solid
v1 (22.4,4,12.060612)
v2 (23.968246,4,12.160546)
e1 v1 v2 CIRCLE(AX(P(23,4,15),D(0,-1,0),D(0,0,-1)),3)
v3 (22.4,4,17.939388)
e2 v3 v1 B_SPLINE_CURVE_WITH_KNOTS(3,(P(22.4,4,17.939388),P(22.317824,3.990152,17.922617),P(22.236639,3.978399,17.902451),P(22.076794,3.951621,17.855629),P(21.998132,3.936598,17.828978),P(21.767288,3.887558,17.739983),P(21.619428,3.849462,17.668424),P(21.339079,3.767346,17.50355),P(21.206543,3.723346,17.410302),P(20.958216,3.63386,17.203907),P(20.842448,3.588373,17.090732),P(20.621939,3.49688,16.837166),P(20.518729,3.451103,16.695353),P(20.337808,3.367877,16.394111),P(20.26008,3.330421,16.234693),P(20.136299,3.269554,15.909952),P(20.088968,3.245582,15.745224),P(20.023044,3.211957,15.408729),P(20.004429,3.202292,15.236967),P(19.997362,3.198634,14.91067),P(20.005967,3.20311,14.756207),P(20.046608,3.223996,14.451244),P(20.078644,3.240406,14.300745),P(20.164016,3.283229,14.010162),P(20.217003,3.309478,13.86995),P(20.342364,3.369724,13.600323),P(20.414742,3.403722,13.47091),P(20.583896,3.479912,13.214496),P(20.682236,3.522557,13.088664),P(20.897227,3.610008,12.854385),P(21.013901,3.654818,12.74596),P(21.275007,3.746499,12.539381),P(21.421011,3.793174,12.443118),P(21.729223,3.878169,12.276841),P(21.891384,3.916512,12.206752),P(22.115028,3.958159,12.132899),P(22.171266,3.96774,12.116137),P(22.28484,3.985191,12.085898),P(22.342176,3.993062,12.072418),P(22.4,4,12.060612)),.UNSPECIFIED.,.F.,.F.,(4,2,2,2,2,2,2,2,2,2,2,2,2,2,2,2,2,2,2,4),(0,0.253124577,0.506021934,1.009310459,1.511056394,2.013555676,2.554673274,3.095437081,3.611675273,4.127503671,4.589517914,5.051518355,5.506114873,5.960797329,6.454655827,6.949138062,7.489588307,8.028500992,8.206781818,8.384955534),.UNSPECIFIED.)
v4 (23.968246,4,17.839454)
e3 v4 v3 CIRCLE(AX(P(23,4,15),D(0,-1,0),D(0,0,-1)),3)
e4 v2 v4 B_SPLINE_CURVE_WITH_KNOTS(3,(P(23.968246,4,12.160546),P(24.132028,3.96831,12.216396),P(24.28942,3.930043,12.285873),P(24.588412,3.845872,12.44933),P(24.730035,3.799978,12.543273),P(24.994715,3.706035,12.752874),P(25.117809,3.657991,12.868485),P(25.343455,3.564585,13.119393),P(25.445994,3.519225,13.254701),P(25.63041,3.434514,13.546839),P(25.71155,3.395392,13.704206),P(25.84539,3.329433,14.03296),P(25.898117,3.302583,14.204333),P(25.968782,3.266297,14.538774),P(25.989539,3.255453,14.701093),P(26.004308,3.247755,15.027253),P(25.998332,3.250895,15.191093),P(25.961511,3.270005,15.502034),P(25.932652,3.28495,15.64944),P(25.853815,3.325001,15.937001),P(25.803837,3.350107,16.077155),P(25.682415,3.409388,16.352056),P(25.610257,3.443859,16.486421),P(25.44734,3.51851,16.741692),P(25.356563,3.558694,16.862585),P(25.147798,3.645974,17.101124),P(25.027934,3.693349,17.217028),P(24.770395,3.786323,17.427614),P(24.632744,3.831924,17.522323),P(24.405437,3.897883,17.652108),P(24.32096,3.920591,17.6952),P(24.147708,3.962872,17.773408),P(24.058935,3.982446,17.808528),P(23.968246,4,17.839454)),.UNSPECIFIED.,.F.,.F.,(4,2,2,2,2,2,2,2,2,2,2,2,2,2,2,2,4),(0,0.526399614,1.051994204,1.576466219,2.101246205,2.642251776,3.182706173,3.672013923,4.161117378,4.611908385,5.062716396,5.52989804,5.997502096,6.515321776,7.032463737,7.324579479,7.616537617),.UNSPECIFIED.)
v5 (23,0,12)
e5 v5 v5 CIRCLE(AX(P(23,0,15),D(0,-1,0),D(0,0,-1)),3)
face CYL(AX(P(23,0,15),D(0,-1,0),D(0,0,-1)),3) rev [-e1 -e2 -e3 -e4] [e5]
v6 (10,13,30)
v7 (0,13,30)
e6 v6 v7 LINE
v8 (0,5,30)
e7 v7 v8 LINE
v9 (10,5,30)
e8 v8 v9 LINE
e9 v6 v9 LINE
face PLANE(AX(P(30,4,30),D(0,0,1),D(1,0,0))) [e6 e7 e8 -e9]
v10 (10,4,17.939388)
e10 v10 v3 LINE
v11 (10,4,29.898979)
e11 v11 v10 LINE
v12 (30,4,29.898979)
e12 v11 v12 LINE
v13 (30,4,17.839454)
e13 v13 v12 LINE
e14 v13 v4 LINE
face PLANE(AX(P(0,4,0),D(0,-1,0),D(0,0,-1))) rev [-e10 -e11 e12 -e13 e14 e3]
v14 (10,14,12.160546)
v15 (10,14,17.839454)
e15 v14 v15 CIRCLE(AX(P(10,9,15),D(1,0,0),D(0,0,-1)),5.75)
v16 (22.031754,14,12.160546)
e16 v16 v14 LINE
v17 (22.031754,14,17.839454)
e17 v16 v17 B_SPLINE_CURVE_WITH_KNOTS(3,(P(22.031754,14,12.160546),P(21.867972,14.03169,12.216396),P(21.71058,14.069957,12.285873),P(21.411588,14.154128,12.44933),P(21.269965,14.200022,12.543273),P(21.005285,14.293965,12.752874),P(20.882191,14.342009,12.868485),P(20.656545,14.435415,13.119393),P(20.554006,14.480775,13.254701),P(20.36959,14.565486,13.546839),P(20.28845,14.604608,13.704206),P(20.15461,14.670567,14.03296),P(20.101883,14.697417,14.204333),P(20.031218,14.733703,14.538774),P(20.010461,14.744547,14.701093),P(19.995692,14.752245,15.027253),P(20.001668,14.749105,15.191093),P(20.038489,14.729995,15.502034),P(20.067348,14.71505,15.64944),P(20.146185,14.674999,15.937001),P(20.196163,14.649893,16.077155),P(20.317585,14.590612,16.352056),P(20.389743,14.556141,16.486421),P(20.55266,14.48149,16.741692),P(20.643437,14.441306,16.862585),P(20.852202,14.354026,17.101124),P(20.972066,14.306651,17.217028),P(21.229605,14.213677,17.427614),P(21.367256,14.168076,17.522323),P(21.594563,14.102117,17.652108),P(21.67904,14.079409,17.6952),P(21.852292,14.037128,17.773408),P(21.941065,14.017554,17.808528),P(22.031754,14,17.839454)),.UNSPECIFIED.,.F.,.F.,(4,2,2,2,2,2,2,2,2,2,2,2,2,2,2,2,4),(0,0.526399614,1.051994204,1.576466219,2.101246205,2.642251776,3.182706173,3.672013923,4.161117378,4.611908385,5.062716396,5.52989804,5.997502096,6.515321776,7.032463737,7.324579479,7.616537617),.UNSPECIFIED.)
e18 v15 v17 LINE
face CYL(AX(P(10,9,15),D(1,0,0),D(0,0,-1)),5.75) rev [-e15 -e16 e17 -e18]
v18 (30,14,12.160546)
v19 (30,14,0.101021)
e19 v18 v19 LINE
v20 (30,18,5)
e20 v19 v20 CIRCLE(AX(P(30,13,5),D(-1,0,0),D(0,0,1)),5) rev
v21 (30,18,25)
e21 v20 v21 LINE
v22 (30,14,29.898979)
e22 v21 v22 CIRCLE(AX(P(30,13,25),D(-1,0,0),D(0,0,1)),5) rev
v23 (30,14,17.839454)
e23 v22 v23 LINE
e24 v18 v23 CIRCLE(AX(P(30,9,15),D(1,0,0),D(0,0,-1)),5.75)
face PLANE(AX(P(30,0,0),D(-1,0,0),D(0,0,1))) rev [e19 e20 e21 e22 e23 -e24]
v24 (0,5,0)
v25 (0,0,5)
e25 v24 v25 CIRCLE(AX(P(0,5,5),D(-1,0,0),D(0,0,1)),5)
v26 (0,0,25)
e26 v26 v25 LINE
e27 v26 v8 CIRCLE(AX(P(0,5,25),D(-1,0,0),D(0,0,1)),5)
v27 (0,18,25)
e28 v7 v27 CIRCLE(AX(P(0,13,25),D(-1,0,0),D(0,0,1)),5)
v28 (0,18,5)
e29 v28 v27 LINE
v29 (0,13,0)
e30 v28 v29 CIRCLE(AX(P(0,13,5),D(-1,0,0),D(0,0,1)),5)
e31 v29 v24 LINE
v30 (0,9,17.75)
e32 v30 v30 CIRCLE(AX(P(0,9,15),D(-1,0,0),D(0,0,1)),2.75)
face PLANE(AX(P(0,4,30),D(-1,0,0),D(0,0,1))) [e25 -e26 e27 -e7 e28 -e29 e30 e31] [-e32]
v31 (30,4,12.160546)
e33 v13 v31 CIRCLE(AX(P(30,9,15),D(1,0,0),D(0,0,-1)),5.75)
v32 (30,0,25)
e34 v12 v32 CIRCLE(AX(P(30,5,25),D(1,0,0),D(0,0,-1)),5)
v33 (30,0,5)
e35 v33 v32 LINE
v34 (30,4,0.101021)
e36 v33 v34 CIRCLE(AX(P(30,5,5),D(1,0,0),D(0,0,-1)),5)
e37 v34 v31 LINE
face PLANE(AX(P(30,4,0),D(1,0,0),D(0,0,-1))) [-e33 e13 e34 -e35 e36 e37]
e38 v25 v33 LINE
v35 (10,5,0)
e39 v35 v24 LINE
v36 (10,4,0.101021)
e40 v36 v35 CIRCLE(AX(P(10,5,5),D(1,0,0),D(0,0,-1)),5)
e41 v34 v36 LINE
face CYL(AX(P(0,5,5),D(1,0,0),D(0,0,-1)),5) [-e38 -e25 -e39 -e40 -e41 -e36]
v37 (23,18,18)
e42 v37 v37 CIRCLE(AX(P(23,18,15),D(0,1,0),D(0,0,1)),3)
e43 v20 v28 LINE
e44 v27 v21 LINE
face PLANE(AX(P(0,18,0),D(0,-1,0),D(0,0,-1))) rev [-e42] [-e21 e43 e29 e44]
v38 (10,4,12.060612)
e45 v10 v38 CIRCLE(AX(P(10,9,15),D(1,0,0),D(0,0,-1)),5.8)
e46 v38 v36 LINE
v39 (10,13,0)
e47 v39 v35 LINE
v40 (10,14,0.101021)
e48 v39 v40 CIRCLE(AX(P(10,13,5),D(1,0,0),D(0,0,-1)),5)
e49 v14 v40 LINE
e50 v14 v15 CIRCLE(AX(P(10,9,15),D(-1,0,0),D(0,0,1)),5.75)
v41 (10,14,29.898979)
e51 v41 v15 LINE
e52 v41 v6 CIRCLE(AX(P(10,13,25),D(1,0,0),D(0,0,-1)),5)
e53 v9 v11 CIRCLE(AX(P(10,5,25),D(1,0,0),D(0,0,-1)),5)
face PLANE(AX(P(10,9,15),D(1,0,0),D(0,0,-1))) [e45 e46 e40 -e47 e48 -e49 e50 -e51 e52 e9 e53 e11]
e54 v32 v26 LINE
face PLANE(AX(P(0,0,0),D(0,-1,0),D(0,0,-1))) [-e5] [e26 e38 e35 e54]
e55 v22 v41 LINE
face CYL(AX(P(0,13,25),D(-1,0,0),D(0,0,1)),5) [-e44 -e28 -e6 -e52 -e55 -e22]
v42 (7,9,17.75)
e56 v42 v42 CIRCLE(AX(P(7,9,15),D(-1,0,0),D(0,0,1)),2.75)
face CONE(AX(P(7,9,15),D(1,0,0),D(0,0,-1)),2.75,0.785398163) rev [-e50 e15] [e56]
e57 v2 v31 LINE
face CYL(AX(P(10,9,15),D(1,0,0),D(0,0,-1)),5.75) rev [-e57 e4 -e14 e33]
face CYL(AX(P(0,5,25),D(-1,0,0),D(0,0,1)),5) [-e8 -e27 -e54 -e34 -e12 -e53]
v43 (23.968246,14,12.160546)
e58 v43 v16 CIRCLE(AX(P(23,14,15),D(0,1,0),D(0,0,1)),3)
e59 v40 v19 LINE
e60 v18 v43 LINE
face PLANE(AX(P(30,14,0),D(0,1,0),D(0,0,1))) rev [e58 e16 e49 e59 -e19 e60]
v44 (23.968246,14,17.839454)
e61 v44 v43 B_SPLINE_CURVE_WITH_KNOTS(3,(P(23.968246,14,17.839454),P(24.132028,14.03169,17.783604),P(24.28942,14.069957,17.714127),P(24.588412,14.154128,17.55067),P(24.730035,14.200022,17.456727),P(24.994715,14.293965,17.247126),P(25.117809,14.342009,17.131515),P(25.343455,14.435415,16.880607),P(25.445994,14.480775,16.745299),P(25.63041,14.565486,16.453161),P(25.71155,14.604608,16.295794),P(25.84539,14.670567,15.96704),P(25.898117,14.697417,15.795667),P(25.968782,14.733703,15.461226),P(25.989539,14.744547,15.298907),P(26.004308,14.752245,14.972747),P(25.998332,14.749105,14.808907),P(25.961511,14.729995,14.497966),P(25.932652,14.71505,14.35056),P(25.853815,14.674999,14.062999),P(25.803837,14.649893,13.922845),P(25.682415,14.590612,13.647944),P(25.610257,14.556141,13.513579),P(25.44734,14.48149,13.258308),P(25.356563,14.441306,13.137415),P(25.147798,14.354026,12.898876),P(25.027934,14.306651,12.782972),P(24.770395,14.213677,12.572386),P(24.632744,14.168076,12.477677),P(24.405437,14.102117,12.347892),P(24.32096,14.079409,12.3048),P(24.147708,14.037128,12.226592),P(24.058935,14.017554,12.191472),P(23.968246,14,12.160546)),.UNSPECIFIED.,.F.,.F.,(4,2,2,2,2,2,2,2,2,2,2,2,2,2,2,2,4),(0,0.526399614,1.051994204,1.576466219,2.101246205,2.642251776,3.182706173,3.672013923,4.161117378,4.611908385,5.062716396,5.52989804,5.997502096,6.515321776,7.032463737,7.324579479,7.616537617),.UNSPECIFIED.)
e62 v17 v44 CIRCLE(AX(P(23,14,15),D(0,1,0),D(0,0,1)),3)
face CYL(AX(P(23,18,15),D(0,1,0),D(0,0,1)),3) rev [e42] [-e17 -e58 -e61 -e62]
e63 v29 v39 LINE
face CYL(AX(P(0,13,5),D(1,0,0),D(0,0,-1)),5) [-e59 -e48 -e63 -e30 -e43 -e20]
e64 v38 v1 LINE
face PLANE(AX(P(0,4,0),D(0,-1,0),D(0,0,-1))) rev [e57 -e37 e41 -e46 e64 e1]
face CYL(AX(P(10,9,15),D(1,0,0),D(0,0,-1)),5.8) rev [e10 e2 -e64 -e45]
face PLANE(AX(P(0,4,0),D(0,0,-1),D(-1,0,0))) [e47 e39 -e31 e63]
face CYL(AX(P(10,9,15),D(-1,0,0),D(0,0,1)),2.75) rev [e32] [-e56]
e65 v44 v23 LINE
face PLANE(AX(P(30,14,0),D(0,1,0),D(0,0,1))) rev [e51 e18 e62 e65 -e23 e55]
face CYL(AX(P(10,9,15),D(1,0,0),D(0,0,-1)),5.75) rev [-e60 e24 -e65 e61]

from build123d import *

# Parameters (mm, degrees)
ESQUISSE1_W                        = 30
ESQUISSE1_H                        = 30
BOSS_EXTRU_1_DEPTH                 = 4
ENL_V_MAT_EXTRU_1_DEPTH            = 12.400000001
ESQUISSE3_W                        = 10
ESQUISSE3_H                        = 30
BOSS_EXTRU_2_DEPTH                 = 14
ESQUISSE4_W                        = 30
ESQUISSE4_H                        = 4
BOSS_EXTRU_3_DEPTH                 = 20
ESQUISSE5_R                        = 5.75
ENL_V_MAT_EXTRU_2_DEPTH            = 20
DIAM_TRE_DU_PER_AGE_6_0_6_1_REACH  = 20
DIAM_TRE_DU_PER_AGE_6_0_6_1_BORE_R = 3
DIAM_TRE_DU_PER_AGE_6_0_6_2_D      = 6
DIAM_TRE_DU_PER_AGE_6_0_6_2_DEPTH  = 18
CONG_2_R                           = 5


with BuildPart() as part:
    # Esquisse1 → Boss.-Extru.1 (new body)
    with BuildSketch(Plane.XZ):
        with Locations((15, 15)):
            Rectangle(ESQUISSE1_W, ESQUISSE1_H)
    extrude(amount=-BOSS_EXTRU_1_DEPTH)

    # Esquisse2 → Enlèv. mat.-Extru.1 (cut)
    with BuildSketch(Plane(origin=(22.400000001, 0, 0), x_dir=(0, 0, -1), z_dir=(1, 0, 0))):
        with BuildLine():
            Line((-12.060612309, 4), (-17.939387691, 4))
            ThreePointArc((-17.939387691, 4), (-15, 3.2), (-12.060612309, 4))
        make_face()
    extrude(amount=-ENL_V_MAT_EXTRU_1_DEPTH, mode=Mode.SUBTRACT)

    # Esquisse3 → Boss.-Extru.2 (add)
    with BuildSketch(Plane(origin=(0, 4, 0), x_dir=(-1, 0, 0), z_dir=(0, 1, 0))):
        with Locations((-5, 15)):
            Rectangle(ESQUISSE3_W, ESQUISSE3_H)
    extrude(amount=BOSS_EXTRU_2_DEPTH)

    # Esquisse4 → Boss.-Extru.3 (add)
    with BuildSketch(Plane(origin=(10, 0, 0), x_dir=(0, 0, -1), z_dir=(1, 0, 0))):
        with Locations((-15, 16)):
            Rectangle(ESQUISSE4_W, ESQUISSE4_H)
    extrude(amount=BOSS_EXTRU_3_DEPTH)

    # Esquisse5 → Enlèv. mat.-Extru.2 (cut)
    with BuildSketch(Plane(origin=(30, 0, 0), x_dir=(0, 0, -1), z_dir=(1, 0, 0))):
        with Locations((-15, 9)):
            Circle(ESQUISSE5_R)
    extrude(amount=-ENL_V_MAT_EXTRU_2_DEPTH, mode=Mode.SUBTRACT)

    # Esquisse7 → Enlèvement de matière-Révolution1 (revolve, cut)
    with BuildSketch(Plane(origin=(0, 0, 15), x_dir=(-1, 0, 0), z_dir=(0, 0, -1)), mode=Mode.PRIVATE) as enl_vement_de_mati_re_r_volution1_sk:
        Polygon((-10, 14.75), (-10, 9), (0, 9), (0, 11.75), (-7, 11.75), align=None)
    revolve(enl_vement_de_mati_re_r_volution1_sk.sketch.rotate(Axis((10, 9, 15), (-1, 0, 0)), 29.591845794), axis=Axis((10, 9, 15), (-1, 0, 0)), mode=Mode.SUBTRACT)  # turned: the seam where the file's is

    # Diamètre du perçage Ø6.0 (6)1 bore → Diamètre du perçage Ø6.0 (6)1 (cut, up to next)
    with BuildSketch(Plane(origin=(0, 18, 0), x_dir=(1, 0, 0), z_dir=(0, 1, 0)), mode=Mode.PRIVATE) as diam_tre_du_per_age_6_0_6_1_sk1:
        with Locations((23, -15)):
            Circle(DIAM_TRE_DU_PER_AGE_6_0_6_1_BORE_R)
    diam_tre_du_per_age_6_0_6_1_tool1 = extrude(diam_tre_du_per_age_6_0_6_1_sk1.sketch, amount=-DIAM_TRE_DU_PER_AGE_6_0_6_1_REACH, mode=Mode.PRIVATE) & part.part
    add(diam_tre_du_per_age_6_0_6_1_tool1.solids().sort_by_distance((23, 18, 15))[0], mode=Mode.SUBTRACT)

    # Diamètre du perçage Ø6.0 (6)2
    with Locations(Plane(origin=(0, 0, 0), x_dir=(-1, 0, 0), z_dir=(0, -1, 0))):
        with Locations((-23, -15)):
            Hole(DIAM_TRE_DU_PER_AGE_6_0_6_2_D / 2, depth=DIAM_TRE_DU_PER_AGE_6_0_6_2_DEPTH)

    # Congé2
    cong_2_edges = [part.edges().sort_by_distance(p)[0] for p in [
        (15, 18, 0),
        (15, 0, 0),
        (15, 0, 30),
        (15, 18, 30),
    ]]
    fillet(cong_2_edges, radius=CONG_2_R)


solid = part.part
